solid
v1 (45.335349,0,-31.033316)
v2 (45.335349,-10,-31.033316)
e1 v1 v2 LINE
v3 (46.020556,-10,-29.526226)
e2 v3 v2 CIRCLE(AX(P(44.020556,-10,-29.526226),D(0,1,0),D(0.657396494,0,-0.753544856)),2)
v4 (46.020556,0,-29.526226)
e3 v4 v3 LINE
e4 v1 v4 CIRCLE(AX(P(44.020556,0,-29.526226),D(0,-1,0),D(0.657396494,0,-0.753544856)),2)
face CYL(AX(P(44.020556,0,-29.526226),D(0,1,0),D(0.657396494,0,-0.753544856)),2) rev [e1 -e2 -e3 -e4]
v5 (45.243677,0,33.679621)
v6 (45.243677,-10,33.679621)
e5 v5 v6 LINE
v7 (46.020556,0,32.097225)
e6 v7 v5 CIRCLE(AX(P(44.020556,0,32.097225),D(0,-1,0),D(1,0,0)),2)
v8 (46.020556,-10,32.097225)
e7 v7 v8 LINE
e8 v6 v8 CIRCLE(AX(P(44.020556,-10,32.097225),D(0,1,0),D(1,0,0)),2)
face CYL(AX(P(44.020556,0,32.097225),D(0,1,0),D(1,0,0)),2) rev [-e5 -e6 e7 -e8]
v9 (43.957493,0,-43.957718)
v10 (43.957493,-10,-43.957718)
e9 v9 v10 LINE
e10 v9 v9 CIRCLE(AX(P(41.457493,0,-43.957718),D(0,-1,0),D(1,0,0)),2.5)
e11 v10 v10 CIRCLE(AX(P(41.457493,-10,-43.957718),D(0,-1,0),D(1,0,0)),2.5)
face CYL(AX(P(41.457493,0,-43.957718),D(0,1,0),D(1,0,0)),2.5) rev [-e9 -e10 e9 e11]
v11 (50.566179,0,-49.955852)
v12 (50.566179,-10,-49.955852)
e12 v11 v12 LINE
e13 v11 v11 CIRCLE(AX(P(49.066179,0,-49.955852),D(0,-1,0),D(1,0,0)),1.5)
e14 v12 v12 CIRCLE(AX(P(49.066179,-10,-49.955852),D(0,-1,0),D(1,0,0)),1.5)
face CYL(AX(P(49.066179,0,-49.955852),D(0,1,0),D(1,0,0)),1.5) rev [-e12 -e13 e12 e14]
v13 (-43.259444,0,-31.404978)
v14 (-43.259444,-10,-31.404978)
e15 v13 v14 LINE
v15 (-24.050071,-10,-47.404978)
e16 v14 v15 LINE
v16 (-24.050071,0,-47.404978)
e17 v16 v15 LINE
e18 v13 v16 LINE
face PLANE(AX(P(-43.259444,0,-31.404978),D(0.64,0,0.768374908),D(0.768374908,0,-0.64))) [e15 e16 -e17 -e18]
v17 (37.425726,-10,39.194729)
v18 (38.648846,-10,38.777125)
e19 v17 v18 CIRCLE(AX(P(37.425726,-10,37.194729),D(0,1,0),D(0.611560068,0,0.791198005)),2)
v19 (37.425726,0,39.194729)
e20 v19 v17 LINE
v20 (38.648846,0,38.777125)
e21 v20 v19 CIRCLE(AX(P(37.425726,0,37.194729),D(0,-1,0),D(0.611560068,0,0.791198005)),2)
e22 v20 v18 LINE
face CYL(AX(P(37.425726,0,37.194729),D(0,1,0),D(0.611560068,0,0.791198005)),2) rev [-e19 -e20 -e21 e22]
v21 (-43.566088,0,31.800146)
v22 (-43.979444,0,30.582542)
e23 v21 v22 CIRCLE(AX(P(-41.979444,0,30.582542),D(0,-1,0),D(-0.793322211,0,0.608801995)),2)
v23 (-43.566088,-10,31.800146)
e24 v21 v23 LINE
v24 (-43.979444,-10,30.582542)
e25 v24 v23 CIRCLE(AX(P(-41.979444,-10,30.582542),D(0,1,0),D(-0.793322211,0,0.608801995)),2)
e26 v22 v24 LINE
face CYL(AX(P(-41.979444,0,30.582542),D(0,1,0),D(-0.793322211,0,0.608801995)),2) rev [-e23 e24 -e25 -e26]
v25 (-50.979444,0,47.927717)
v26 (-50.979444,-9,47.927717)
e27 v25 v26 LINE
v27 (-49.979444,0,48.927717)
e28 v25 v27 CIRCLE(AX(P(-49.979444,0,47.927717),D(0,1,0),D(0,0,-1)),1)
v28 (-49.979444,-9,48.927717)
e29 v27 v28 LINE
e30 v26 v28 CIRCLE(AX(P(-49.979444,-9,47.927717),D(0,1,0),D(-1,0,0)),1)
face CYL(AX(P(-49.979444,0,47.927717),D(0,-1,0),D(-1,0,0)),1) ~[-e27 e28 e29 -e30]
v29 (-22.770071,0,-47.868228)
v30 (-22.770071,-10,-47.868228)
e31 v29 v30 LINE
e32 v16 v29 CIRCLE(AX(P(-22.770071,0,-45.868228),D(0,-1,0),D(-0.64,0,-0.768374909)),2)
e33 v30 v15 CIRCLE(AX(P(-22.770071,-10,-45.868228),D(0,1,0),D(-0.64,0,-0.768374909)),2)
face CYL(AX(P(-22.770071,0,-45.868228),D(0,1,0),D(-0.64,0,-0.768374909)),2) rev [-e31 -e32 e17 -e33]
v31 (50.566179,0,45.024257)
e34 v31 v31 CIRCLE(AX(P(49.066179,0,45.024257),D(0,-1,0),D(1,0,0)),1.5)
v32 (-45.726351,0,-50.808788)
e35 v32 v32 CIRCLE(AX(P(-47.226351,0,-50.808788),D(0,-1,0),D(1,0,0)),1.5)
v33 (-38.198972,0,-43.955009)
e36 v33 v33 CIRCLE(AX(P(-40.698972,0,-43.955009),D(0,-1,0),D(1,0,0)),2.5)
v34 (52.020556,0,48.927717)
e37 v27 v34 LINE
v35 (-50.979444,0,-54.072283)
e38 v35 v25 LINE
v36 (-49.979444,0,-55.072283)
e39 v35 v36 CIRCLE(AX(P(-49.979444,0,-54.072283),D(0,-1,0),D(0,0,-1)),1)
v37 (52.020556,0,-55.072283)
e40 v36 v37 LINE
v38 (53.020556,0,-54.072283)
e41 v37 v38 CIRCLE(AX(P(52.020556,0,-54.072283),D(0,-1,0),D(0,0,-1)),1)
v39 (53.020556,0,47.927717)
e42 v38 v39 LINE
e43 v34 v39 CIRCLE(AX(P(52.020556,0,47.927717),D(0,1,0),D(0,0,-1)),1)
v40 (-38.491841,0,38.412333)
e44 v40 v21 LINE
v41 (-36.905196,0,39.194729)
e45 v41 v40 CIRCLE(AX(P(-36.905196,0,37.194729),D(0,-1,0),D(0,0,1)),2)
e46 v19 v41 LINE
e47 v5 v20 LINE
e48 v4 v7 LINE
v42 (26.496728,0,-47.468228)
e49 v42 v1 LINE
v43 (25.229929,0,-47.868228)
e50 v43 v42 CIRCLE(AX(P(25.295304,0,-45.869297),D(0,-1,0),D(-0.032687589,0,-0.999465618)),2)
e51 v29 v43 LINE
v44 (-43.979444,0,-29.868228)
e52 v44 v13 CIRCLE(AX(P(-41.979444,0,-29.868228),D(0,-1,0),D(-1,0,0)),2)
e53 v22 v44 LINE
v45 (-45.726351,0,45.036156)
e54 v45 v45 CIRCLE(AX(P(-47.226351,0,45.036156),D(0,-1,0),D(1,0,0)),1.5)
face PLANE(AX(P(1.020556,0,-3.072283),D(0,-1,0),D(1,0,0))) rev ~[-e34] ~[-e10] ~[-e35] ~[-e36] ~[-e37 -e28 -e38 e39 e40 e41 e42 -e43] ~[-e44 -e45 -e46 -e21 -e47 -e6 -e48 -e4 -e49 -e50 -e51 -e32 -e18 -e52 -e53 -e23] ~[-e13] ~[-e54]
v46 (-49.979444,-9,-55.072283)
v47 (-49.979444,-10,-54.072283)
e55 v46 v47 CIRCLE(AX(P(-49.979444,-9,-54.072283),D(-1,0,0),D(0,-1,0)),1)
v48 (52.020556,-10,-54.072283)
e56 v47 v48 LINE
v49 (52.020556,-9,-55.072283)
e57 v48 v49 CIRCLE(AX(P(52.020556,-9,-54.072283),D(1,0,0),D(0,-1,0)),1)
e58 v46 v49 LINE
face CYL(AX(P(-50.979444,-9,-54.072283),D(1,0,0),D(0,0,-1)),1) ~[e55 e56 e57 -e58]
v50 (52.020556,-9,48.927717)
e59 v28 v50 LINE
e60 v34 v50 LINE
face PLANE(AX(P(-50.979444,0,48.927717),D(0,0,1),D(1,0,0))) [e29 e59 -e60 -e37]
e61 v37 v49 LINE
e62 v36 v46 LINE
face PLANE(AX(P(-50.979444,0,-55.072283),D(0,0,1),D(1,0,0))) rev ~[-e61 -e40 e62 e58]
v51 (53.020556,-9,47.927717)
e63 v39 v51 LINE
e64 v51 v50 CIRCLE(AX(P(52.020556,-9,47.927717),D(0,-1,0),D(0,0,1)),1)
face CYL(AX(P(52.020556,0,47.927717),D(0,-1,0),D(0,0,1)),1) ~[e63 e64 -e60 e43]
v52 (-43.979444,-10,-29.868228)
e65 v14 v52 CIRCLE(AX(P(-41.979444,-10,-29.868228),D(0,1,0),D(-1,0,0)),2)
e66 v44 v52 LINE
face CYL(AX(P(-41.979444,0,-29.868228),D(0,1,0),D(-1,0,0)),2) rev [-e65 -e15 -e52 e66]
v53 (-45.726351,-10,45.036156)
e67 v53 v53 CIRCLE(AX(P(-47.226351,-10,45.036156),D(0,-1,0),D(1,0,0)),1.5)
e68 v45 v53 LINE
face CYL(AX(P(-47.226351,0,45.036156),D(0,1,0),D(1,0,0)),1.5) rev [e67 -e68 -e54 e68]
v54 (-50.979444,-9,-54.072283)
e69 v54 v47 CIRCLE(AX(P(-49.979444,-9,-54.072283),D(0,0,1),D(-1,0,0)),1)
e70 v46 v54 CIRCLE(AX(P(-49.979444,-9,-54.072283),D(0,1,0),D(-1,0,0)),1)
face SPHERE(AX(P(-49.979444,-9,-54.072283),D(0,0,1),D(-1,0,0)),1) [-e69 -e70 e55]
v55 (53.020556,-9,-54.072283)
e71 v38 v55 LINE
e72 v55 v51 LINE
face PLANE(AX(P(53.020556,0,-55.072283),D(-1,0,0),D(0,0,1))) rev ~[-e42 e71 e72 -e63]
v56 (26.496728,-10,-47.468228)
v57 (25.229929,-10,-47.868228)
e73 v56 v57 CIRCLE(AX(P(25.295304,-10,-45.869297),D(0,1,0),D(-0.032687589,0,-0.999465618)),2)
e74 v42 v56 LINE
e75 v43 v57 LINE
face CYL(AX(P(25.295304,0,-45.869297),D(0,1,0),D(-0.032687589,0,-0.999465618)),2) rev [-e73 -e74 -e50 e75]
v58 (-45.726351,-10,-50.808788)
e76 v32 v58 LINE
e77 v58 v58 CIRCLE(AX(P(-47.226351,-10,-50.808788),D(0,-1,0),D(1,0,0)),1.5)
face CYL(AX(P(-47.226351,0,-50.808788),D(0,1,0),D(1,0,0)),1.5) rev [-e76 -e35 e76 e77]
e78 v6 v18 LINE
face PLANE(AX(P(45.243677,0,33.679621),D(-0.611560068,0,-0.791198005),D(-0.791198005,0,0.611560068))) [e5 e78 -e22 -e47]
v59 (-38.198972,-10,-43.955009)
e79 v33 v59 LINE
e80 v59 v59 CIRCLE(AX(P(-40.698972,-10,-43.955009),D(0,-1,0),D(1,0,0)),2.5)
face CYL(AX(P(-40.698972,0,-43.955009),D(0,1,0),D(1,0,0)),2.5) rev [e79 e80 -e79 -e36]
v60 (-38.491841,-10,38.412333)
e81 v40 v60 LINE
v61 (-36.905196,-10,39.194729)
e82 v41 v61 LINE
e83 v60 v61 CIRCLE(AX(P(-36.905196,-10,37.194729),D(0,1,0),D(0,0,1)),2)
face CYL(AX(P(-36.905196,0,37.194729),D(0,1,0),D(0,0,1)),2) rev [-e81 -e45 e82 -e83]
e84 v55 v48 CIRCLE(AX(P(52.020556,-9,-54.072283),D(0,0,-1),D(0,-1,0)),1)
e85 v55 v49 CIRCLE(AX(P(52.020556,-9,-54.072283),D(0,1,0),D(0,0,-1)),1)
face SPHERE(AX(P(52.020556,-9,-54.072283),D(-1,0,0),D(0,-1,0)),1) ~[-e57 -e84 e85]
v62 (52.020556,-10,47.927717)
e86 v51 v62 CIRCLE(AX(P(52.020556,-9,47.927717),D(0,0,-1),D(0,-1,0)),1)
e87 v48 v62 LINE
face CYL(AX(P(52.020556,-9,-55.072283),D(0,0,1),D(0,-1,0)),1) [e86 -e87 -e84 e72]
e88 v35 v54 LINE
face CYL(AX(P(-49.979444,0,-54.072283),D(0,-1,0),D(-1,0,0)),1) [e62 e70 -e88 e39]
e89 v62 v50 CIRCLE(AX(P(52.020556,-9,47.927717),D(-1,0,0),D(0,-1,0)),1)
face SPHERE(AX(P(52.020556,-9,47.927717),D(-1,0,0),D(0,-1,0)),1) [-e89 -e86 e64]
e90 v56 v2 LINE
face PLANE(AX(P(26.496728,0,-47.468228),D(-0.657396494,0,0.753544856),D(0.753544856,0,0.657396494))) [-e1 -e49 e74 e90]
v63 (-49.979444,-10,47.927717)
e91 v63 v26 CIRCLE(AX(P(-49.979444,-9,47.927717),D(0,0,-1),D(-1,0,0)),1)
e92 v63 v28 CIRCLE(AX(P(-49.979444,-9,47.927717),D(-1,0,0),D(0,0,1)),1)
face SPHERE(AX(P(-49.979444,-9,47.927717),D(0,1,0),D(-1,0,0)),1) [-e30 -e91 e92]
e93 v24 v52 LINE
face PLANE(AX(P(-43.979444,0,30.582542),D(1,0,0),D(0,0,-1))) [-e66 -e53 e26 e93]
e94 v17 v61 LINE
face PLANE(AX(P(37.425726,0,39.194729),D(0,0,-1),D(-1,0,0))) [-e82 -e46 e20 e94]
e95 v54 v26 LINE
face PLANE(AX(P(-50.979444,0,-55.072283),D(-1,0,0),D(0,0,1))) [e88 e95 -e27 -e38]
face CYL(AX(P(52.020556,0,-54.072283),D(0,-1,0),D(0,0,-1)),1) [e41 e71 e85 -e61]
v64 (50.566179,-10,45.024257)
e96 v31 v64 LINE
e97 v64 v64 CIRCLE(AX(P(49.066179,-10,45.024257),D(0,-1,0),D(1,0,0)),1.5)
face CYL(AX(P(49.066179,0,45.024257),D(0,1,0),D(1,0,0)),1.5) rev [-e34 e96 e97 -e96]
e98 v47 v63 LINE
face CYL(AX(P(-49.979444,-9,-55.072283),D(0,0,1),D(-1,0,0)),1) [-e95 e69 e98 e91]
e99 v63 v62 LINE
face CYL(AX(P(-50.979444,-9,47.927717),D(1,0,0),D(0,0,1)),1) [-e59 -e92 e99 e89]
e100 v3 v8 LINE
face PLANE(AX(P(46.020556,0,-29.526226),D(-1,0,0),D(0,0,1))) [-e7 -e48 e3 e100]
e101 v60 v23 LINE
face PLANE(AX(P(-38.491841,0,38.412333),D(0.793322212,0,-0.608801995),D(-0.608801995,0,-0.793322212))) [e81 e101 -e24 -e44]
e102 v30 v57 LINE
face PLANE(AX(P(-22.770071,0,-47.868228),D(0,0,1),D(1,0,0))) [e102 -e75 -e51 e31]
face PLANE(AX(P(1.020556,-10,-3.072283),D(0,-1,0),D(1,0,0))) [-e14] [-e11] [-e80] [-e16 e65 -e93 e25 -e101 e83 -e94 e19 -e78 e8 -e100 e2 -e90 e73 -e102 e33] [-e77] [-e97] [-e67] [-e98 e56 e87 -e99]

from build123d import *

# Parameters (mm, degrees)
F0_W        = 104
F0_H        = 104
F0_R        = 1.5
F0_R_2      = 2.5
F2_DEPTH    = 10
F2_FACE_W   = 104
F2_FACE_H   = 104
F2_FACE_R   = 1.5
F2_FACE_R_2 = 2.5
F3_DEPTH    = 25
F4_R        = 1


with BuildPart() as f2:
    # F0 (on Front) → F2 (new body)
    with BuildSketch(Plane.XZ):
        with Locations((1.0205563903, -3.0722830892)):
            Rectangle(F0_W, F0_H)
        with Locations((-47.2263507545, -50.8087884027)):
            Circle(F0_R, mode=Mode.SUBTRACT)
        with Locations((-40.6989715993, -43.9550094306)):
            Circle(F0_R_2, mode=Mode.SUBTRACT)
        with Locations((49.0661785007, -49.9558521996)):
            Circle(F0_R, mode=Mode.SUBTRACT)
        with Locations((41.4574928582, -43.9577177167)):
            Circle(F0_R_2, mode=Mode.SUBTRACT)
        with Locations((-47.2263507545, 45.0361557305)):
            Circle(F0_R, mode=Mode.SUBTRACT)
        with Locations((49.0661785007, 45.0242571533)):
            Circle(F0_R, mode=Mode.SUBTRACT)
    extrude(amount=F2_DEPTH)

    # F1 (on Front) + F2_face (on face) → F3 (cut)
    with BuildSketch(Plane.XZ):
        with BuildLine():
            Line((37.4257260145, 39.1947293328), (-36.9051963783, 39.1947293328))
            ThreePointArc((-36.9051963783, 39.1947293328), (-37.7897278988, 38.9884974308), (-38.4918408014, 38.4123333221))
            Line((-38.4918408014, 38.4123333221), (-43.5660880328, 31.8001456637))
            ThreePointArc((-43.5660880328, 31.8001456637), (-43.873287432, 31.2254690241), (-43.9794436097, 30.5825416744))
            Line((-43.9794436097, 30.5825416744), (-43.9794436097, -29.8682280959))
            ThreePointArc((-43.9794436097, -29.8682280959), (-43.7905206373, -30.7167562333), (-43.2594436097, -31.4049779128))
            Line((-43.2594436097, -31.4049779128), (-24.0500708974, -47.4049779128))
            ThreePointArc((-24.0500708974, -47.4049779128), (-23.4506957449, -47.7488529433), (-22.7700708974, -47.8682280959))
            Line((-22.7700708974, -47.8682280959), (25.2299291026, -47.8682280959))
            ThreePointArc((25.2299291026, -47.8682280959), (25.8975098604, -47.7764802387), (26.4967279793, -47.4682280959))
            Line((26.4967279793, -47.4682280959), (45.3353493779, -31.0333157505))
            ThreePointArc((45.3353493779, -31.0333157505), (45.8412136858, -30.3539983577), (46.0205563903, -29.5262260386))
            Line((46.0205563903, -29.5262260386), (46.0205563903, 32.097225442))
            ThreePointArc((46.0205563903, 32.097225442), (45.815861416, 32.9786333298), (45.2436765256, 33.6796214527))
            Line((45.2436765256, 33.6796214527), (38.6488461498, 38.7771253435))
            ThreePointArc((38.6488461498, 38.7771253435), (38.071948878, 39.0874511853), (37.4257260145, 39.1947293328))
        make_face()
    with BuildSketch(Plane(origin=(1.0231641347, -10, -2.9239537764), x_dir=(1, 0, 0), z_dir=(0, -1, 0))):
        with Locations((-0.0026077444, -0.1483293127)):
            Rectangle(F2_FACE_W, F2_FACE_H)
        with Locations((-48.2495148892, -47.8848346262)):
            Circle(F2_FACE_R, mode=Mode.SUBTRACT)
        with Locations((-41.7221357341, -41.0310556542)):
            Circle(F2_FACE_R_2, mode=Mode.SUBTRACT)
        with Locations((48.0430143659, -47.0318984232)):
            Circle(F2_FACE_R, mode=Mode.SUBTRACT)
        with Locations((40.4343287234, -41.0337639403)):
            Circle(F2_FACE_R_2, mode=Mode.SUBTRACT)
        with Locations((-48.2495148892, 47.9601095069)):
            Circle(F2_FACE_R, mode=Mode.SUBTRACT)
        with Locations((48.0430143659, 47.9482109297)):
            Circle(F2_FACE_R, mode=Mode.SUBTRACT)
    extrude(amount=F3_DEPTH, mode=Mode.SUBTRACT)

    # F4
    f4_edges = [f2.edges().sort_by_distance(p)[0] for p in [
        (-50.979444, -5, 48.927717),
        (-50.979444, -10, -3.072283),
        (1.020556, -10, 48.927717),
        (-50.979444, -5, -55.072283),
        (1.020556, -10, -55.072283),
        (53.020556, -10, -3.072283),
        (53.020556, -5, 48.927717),
        (53.020556, -5, -55.072283),
    ]]
    fillet(f4_edges, radius=F4_R)


solid = f2.part
